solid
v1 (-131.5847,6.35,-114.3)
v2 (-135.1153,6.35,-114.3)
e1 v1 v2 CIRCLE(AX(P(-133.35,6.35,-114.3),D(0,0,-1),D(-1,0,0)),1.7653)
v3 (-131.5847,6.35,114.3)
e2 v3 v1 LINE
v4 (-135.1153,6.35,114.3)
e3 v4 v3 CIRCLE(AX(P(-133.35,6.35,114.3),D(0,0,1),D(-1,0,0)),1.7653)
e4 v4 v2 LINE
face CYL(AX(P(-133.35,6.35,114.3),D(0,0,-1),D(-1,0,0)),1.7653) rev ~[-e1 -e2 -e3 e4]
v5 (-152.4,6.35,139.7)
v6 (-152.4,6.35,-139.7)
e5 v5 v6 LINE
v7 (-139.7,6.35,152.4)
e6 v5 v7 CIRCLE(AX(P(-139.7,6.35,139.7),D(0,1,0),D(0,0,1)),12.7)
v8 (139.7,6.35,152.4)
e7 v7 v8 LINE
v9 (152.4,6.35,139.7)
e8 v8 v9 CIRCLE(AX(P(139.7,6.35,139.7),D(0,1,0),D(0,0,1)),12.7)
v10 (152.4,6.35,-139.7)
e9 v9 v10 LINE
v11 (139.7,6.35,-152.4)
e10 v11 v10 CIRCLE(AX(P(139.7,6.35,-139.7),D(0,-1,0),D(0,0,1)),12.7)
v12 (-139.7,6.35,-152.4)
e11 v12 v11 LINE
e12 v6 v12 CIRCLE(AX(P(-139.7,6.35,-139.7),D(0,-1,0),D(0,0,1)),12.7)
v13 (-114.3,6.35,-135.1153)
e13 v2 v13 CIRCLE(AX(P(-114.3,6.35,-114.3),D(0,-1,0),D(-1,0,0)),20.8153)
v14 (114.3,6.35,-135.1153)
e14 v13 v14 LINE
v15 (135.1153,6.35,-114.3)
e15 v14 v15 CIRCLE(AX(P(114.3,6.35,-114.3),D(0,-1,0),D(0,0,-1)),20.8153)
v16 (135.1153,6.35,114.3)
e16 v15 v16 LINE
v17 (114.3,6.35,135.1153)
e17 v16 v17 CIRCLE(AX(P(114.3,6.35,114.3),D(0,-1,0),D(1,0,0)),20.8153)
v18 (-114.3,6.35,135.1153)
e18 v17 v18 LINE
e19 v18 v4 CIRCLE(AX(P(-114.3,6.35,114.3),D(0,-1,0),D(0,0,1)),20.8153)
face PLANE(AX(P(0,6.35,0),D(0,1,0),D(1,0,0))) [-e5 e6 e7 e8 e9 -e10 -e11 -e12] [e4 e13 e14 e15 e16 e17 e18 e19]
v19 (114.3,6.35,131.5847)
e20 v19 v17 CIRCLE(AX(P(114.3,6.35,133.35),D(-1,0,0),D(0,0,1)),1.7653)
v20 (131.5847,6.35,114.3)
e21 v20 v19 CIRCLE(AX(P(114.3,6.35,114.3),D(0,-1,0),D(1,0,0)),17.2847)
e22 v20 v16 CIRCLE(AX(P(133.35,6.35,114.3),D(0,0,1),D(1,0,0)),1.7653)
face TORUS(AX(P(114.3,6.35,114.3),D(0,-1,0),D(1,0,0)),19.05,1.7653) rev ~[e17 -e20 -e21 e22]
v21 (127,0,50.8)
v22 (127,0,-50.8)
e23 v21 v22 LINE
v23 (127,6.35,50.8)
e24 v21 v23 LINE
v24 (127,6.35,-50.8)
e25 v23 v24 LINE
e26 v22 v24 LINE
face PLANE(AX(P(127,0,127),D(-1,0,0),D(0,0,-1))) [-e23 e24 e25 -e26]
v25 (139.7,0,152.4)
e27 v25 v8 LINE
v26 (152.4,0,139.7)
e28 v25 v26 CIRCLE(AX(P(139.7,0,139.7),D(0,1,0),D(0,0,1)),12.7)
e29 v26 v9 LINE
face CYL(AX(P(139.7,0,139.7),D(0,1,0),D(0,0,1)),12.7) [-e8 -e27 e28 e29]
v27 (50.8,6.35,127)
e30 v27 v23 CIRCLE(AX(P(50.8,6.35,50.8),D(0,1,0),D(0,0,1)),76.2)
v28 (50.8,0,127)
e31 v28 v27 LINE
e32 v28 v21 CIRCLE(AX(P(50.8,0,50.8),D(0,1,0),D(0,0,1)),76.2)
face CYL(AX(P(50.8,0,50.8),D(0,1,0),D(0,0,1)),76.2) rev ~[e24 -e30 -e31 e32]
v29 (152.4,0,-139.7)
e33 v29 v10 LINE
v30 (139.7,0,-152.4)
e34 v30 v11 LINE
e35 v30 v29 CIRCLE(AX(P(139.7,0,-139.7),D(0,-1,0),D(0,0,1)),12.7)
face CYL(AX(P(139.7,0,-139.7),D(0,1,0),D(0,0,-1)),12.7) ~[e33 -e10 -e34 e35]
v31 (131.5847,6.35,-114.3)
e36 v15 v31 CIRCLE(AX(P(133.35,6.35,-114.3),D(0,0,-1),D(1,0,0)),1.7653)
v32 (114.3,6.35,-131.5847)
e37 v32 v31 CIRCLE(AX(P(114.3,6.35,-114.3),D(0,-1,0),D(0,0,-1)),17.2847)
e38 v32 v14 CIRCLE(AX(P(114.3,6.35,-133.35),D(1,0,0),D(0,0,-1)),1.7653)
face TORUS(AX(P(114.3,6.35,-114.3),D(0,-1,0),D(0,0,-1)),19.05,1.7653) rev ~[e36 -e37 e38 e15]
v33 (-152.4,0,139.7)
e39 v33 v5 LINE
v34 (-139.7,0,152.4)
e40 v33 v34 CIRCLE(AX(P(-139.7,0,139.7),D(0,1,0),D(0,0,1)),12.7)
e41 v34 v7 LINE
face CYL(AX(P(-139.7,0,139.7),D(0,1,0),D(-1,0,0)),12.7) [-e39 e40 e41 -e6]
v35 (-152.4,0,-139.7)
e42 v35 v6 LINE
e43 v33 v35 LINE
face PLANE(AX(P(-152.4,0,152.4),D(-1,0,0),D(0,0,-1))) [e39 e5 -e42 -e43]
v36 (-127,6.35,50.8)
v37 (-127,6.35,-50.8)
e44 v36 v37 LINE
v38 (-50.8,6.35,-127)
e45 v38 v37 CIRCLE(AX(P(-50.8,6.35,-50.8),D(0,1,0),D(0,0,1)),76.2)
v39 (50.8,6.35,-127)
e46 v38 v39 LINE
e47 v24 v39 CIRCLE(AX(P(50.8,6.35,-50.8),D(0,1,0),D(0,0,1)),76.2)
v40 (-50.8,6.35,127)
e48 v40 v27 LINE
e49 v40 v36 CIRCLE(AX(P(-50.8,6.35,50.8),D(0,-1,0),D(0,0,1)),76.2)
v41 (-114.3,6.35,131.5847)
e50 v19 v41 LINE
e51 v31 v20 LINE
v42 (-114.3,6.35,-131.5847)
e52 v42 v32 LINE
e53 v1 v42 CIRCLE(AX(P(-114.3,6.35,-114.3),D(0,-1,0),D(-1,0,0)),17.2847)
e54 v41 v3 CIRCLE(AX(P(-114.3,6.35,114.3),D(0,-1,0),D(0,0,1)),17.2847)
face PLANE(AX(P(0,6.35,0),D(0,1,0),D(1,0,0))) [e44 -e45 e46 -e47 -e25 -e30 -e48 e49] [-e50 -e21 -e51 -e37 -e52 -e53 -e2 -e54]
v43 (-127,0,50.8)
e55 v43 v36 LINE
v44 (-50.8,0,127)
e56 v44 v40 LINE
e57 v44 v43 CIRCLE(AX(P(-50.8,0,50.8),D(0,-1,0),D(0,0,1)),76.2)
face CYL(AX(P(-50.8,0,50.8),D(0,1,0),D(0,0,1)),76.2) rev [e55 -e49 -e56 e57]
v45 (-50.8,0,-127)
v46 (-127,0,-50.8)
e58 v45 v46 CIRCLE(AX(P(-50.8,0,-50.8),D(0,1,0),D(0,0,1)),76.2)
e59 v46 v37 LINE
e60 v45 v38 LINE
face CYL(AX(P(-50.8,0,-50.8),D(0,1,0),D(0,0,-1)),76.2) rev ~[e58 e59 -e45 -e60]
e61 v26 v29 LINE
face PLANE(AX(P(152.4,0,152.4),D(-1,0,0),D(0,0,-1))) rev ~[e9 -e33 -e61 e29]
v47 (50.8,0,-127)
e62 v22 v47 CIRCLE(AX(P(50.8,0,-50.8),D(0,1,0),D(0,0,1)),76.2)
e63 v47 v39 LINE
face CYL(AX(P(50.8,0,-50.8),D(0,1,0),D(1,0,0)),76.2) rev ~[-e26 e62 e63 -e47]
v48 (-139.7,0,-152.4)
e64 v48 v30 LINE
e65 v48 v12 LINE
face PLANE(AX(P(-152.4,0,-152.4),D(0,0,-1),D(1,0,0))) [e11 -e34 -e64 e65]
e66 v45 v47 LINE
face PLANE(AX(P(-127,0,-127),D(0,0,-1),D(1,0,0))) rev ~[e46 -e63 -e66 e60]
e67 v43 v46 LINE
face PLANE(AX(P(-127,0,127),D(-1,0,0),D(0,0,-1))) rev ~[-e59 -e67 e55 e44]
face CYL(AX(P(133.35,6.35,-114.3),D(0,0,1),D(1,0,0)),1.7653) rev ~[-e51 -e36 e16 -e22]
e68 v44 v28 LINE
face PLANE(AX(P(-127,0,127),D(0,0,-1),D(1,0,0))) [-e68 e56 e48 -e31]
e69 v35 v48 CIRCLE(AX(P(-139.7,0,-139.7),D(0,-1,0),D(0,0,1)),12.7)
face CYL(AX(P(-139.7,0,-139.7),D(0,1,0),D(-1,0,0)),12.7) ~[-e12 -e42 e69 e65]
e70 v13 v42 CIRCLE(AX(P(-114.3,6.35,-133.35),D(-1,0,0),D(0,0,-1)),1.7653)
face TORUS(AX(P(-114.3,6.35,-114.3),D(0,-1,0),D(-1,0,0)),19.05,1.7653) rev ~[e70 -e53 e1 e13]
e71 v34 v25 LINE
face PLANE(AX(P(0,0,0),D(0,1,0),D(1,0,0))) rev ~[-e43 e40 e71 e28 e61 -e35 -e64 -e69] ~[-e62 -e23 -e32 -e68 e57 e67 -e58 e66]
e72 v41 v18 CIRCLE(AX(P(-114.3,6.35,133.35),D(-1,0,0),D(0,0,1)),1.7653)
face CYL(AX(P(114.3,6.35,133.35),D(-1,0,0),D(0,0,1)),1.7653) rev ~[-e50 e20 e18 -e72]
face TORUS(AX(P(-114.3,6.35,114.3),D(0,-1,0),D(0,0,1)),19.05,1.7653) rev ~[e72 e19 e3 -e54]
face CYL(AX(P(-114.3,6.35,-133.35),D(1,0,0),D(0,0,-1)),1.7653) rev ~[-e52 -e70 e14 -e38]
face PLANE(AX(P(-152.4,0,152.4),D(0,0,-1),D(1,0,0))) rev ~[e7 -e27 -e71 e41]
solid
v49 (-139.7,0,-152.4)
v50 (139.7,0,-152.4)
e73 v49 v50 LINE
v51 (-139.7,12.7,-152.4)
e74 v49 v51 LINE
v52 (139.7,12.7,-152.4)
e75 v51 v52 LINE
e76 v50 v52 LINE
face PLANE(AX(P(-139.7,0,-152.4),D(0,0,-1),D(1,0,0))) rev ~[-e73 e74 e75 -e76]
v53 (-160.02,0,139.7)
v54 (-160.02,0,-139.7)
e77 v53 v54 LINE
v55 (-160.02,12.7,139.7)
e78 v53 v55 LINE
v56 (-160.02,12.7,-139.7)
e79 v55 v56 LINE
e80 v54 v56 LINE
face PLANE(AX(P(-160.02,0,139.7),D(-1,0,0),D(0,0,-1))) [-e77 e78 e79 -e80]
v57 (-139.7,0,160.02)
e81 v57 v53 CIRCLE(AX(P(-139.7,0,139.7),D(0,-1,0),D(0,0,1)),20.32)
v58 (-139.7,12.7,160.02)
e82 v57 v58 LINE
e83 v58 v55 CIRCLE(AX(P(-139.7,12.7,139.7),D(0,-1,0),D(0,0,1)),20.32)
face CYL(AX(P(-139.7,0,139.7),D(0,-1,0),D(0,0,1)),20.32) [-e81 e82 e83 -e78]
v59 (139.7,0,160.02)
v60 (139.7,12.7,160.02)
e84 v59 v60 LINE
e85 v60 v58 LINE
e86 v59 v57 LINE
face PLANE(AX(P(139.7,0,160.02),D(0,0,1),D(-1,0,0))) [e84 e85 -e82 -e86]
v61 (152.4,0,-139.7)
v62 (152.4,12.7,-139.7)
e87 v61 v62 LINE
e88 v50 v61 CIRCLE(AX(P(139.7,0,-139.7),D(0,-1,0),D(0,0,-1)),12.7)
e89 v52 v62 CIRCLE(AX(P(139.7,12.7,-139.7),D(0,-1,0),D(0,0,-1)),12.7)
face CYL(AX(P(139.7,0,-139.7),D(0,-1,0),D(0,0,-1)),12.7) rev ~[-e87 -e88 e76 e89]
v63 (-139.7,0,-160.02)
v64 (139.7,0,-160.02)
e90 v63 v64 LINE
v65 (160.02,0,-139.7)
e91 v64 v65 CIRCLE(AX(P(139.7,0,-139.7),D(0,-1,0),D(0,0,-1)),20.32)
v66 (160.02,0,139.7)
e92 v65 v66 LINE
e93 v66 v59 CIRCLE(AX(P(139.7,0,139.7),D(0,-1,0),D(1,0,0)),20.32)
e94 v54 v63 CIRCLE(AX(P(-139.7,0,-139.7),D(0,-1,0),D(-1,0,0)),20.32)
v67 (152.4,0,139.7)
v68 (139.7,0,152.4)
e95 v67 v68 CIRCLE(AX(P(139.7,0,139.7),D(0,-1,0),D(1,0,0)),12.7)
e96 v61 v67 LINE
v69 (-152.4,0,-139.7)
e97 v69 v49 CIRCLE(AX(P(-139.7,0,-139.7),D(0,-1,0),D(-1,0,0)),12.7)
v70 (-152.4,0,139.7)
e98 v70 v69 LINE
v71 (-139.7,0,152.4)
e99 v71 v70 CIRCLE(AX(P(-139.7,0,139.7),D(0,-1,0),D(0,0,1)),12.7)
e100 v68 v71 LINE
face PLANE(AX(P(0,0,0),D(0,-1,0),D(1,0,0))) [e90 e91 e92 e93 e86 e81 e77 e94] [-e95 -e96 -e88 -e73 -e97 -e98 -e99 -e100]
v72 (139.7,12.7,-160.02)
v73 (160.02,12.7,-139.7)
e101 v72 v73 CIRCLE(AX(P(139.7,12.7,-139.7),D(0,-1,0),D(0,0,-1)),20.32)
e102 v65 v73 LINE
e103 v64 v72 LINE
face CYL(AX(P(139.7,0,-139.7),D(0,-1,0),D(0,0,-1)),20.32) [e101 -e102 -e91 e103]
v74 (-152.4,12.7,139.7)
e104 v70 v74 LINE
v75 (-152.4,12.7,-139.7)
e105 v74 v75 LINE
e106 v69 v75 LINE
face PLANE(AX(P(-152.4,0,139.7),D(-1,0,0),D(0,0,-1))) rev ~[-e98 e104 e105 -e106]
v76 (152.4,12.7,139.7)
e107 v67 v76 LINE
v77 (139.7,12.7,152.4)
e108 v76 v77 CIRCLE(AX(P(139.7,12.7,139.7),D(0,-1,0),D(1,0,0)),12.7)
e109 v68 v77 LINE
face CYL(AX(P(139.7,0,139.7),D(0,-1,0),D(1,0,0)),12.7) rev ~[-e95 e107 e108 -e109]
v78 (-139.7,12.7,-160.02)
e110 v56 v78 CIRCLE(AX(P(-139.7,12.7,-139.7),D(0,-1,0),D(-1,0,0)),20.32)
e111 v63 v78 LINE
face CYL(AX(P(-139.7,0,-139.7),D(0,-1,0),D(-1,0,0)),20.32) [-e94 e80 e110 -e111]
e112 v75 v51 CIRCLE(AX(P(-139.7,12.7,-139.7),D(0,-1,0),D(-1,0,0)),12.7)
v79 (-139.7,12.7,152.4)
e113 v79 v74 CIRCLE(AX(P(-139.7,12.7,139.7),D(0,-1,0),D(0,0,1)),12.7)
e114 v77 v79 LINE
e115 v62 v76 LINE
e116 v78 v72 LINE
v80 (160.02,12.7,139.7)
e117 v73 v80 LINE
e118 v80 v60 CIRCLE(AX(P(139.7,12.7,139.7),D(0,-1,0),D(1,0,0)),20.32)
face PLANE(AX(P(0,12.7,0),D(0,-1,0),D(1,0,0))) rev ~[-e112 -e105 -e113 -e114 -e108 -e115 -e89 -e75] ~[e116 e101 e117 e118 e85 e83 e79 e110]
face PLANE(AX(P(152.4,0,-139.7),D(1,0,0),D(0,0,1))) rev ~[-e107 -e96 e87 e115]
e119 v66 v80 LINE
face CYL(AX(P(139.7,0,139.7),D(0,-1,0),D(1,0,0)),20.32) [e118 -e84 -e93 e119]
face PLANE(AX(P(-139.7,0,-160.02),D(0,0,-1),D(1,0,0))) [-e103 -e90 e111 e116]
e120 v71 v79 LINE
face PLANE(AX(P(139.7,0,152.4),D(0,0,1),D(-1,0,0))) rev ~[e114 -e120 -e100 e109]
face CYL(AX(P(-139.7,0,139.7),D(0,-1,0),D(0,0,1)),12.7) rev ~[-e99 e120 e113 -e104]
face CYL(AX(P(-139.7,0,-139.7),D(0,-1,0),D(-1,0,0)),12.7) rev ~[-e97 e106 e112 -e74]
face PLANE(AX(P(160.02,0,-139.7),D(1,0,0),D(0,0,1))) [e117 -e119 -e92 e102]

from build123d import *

# Parameters (mm, degrees)
SKETCH1_W           = 304.8
SKETCH1_H           = 304.8
SKETCH1_W_2         = 254
SKETCH1_H_2         = 254
BOSS_EXTRUDE1_DEPTH = 6.35
FILLET1_R           = 76.2
FILLET2_R           = 12.7
SKETCH4_R           = 1.7653
BOSS_EXTRUDE2_DEPTH = 12.7


with BuildPart() as part:
    # Sketch1 → Boss-Extrude1 (new body)
    with BuildSketch(Plane(origin=(0, 0, 0), x_dir=(1, 0, 0), z_dir=(0, 1, 0))):
        Rectangle(SKETCH1_W, SKETCH1_H)
        Rectangle(SKETCH1_W_2, SKETCH1_H_2, mode=Mode.SUBTRACT)
    extrude(amount=BOSS_EXTRUDE1_DEPTH)

    # Fillet1
    fillet1_edges = [part.edges().sort_by_distance(p)[0] for p in [
        (-127, 3.175, -127),
        (-127, 3.175, 127),
        (127, 3.175, 127),
        (127, 3.175, -127),
    ]]
    fillet(fillet1_edges, radius=FILLET1_R)

    # Fillet2
    fillet2_edges = [part.edges().sort_by_distance(p)[0] for p in [
        (152.4, 3.175, 152.4),
        (-152.4, 3.175, 152.4),
        (-152.4, 3.175, -152.4),
        (152.4, 3.175, -152.4),
    ]]
    fillet(fillet2_edges, radius=FILLET2_R)

    # Cut-Sweep1: sweep along a path in Sketch3
    with BuildLine(Plane(origin=(0, 6.35, 0), x_dir=(1, 0, 0), z_dir=(0, 1, 0))) as cut_sweep1_path:
        Line((114.3, -133.35), (-114.3, -133.35))
        ThreePointArc((-114.3, -133.35), (-127.770384182, -127.770384182), (-133.35, -114.3))
        Line((-133.35, -114.3), (-133.35, 114.3))
        ThreePointArc((-133.35, 114.3), (-127.770384182, 127.770384182), (-114.3, 133.35))
        Line((-114.3, 133.35), (114.3, 133.35))
        ThreePointArc((114.3, 133.35), (127.770384182, 127.770384182), (133.35, 114.3))
        Line((133.35, 114.3), (133.35, -114.3))
        ThreePointArc((133.35, -114.3), (127.770384182, -127.770384182), (114.3, -133.35))
    # Sketch4 → Cut-Sweep1 (sweep, cut)
    with BuildSketch(Plane(origin=(0, 0, 0), x_dir=(0, 0, -1), z_dir=(1, 0, 0))):
        with Locations((133.35, 6.35)):
            Circle(SKETCH4_R)
    sweep(path=cut_sweep1_path.line, mode=Mode.SUBTRACT)


with BuildPart() as body_2:
    # Sketch5 → Boss-Extrude2 (new body)
    with BuildSketch(Plane.XZ):
        with BuildLine():
            Line((139.7, 160.02), (-139.7, 160.02))
            ThreePointArc((-139.7, 160.02), (-154.068409794, 154.068409794), (-160.02, 139.7))
            Line((-160.02, 139.7), (-160.02, -139.7))
            ThreePointArc((-160.02, -139.7), (-154.068409794, -154.068409794), (-139.7, -160.02))
            Line((-139.7, -160.02), (139.7, -160.02))
            ThreePointArc((139.7, -160.02), (154.068409794, -154.068409794), (160.02, -139.7))
            Line((160.02, -139.7), (160.02, 139.7))
            ThreePointArc((160.02, 139.7), (154.068409794, 154.068409794), (139.7, 160.02))
        make_face()
        with BuildLine():
            Line((139.7, 152.4), (-139.7, 152.4))
            ThreePointArc((-139.7, 152.4), (-148.680256121, 148.680256121), (-152.4, 139.7))
            Line((-152.4, 139.7), (-152.4, -139.7))
            ThreePointArc((-152.4, -139.7), (-148.680256121, -148.680256121), (-139.7, -152.4))
            Line((-139.7, -152.4), (139.7, -152.4))
            ThreePointArc((139.7, -152.4), (148.680256121, -148.680256121), (152.4, -139.7))
            Line((152.4, -139.7), (152.4, 139.7))
            ThreePointArc((152.4, 139.7), (148.680256121, 148.680256121), (139.7, 152.4))
        make_face(mode=Mode.SUBTRACT)
    extrude(amount=-BOSS_EXTRUDE2_DEPTH)


solid = Compound([part.part, body_2.part])
